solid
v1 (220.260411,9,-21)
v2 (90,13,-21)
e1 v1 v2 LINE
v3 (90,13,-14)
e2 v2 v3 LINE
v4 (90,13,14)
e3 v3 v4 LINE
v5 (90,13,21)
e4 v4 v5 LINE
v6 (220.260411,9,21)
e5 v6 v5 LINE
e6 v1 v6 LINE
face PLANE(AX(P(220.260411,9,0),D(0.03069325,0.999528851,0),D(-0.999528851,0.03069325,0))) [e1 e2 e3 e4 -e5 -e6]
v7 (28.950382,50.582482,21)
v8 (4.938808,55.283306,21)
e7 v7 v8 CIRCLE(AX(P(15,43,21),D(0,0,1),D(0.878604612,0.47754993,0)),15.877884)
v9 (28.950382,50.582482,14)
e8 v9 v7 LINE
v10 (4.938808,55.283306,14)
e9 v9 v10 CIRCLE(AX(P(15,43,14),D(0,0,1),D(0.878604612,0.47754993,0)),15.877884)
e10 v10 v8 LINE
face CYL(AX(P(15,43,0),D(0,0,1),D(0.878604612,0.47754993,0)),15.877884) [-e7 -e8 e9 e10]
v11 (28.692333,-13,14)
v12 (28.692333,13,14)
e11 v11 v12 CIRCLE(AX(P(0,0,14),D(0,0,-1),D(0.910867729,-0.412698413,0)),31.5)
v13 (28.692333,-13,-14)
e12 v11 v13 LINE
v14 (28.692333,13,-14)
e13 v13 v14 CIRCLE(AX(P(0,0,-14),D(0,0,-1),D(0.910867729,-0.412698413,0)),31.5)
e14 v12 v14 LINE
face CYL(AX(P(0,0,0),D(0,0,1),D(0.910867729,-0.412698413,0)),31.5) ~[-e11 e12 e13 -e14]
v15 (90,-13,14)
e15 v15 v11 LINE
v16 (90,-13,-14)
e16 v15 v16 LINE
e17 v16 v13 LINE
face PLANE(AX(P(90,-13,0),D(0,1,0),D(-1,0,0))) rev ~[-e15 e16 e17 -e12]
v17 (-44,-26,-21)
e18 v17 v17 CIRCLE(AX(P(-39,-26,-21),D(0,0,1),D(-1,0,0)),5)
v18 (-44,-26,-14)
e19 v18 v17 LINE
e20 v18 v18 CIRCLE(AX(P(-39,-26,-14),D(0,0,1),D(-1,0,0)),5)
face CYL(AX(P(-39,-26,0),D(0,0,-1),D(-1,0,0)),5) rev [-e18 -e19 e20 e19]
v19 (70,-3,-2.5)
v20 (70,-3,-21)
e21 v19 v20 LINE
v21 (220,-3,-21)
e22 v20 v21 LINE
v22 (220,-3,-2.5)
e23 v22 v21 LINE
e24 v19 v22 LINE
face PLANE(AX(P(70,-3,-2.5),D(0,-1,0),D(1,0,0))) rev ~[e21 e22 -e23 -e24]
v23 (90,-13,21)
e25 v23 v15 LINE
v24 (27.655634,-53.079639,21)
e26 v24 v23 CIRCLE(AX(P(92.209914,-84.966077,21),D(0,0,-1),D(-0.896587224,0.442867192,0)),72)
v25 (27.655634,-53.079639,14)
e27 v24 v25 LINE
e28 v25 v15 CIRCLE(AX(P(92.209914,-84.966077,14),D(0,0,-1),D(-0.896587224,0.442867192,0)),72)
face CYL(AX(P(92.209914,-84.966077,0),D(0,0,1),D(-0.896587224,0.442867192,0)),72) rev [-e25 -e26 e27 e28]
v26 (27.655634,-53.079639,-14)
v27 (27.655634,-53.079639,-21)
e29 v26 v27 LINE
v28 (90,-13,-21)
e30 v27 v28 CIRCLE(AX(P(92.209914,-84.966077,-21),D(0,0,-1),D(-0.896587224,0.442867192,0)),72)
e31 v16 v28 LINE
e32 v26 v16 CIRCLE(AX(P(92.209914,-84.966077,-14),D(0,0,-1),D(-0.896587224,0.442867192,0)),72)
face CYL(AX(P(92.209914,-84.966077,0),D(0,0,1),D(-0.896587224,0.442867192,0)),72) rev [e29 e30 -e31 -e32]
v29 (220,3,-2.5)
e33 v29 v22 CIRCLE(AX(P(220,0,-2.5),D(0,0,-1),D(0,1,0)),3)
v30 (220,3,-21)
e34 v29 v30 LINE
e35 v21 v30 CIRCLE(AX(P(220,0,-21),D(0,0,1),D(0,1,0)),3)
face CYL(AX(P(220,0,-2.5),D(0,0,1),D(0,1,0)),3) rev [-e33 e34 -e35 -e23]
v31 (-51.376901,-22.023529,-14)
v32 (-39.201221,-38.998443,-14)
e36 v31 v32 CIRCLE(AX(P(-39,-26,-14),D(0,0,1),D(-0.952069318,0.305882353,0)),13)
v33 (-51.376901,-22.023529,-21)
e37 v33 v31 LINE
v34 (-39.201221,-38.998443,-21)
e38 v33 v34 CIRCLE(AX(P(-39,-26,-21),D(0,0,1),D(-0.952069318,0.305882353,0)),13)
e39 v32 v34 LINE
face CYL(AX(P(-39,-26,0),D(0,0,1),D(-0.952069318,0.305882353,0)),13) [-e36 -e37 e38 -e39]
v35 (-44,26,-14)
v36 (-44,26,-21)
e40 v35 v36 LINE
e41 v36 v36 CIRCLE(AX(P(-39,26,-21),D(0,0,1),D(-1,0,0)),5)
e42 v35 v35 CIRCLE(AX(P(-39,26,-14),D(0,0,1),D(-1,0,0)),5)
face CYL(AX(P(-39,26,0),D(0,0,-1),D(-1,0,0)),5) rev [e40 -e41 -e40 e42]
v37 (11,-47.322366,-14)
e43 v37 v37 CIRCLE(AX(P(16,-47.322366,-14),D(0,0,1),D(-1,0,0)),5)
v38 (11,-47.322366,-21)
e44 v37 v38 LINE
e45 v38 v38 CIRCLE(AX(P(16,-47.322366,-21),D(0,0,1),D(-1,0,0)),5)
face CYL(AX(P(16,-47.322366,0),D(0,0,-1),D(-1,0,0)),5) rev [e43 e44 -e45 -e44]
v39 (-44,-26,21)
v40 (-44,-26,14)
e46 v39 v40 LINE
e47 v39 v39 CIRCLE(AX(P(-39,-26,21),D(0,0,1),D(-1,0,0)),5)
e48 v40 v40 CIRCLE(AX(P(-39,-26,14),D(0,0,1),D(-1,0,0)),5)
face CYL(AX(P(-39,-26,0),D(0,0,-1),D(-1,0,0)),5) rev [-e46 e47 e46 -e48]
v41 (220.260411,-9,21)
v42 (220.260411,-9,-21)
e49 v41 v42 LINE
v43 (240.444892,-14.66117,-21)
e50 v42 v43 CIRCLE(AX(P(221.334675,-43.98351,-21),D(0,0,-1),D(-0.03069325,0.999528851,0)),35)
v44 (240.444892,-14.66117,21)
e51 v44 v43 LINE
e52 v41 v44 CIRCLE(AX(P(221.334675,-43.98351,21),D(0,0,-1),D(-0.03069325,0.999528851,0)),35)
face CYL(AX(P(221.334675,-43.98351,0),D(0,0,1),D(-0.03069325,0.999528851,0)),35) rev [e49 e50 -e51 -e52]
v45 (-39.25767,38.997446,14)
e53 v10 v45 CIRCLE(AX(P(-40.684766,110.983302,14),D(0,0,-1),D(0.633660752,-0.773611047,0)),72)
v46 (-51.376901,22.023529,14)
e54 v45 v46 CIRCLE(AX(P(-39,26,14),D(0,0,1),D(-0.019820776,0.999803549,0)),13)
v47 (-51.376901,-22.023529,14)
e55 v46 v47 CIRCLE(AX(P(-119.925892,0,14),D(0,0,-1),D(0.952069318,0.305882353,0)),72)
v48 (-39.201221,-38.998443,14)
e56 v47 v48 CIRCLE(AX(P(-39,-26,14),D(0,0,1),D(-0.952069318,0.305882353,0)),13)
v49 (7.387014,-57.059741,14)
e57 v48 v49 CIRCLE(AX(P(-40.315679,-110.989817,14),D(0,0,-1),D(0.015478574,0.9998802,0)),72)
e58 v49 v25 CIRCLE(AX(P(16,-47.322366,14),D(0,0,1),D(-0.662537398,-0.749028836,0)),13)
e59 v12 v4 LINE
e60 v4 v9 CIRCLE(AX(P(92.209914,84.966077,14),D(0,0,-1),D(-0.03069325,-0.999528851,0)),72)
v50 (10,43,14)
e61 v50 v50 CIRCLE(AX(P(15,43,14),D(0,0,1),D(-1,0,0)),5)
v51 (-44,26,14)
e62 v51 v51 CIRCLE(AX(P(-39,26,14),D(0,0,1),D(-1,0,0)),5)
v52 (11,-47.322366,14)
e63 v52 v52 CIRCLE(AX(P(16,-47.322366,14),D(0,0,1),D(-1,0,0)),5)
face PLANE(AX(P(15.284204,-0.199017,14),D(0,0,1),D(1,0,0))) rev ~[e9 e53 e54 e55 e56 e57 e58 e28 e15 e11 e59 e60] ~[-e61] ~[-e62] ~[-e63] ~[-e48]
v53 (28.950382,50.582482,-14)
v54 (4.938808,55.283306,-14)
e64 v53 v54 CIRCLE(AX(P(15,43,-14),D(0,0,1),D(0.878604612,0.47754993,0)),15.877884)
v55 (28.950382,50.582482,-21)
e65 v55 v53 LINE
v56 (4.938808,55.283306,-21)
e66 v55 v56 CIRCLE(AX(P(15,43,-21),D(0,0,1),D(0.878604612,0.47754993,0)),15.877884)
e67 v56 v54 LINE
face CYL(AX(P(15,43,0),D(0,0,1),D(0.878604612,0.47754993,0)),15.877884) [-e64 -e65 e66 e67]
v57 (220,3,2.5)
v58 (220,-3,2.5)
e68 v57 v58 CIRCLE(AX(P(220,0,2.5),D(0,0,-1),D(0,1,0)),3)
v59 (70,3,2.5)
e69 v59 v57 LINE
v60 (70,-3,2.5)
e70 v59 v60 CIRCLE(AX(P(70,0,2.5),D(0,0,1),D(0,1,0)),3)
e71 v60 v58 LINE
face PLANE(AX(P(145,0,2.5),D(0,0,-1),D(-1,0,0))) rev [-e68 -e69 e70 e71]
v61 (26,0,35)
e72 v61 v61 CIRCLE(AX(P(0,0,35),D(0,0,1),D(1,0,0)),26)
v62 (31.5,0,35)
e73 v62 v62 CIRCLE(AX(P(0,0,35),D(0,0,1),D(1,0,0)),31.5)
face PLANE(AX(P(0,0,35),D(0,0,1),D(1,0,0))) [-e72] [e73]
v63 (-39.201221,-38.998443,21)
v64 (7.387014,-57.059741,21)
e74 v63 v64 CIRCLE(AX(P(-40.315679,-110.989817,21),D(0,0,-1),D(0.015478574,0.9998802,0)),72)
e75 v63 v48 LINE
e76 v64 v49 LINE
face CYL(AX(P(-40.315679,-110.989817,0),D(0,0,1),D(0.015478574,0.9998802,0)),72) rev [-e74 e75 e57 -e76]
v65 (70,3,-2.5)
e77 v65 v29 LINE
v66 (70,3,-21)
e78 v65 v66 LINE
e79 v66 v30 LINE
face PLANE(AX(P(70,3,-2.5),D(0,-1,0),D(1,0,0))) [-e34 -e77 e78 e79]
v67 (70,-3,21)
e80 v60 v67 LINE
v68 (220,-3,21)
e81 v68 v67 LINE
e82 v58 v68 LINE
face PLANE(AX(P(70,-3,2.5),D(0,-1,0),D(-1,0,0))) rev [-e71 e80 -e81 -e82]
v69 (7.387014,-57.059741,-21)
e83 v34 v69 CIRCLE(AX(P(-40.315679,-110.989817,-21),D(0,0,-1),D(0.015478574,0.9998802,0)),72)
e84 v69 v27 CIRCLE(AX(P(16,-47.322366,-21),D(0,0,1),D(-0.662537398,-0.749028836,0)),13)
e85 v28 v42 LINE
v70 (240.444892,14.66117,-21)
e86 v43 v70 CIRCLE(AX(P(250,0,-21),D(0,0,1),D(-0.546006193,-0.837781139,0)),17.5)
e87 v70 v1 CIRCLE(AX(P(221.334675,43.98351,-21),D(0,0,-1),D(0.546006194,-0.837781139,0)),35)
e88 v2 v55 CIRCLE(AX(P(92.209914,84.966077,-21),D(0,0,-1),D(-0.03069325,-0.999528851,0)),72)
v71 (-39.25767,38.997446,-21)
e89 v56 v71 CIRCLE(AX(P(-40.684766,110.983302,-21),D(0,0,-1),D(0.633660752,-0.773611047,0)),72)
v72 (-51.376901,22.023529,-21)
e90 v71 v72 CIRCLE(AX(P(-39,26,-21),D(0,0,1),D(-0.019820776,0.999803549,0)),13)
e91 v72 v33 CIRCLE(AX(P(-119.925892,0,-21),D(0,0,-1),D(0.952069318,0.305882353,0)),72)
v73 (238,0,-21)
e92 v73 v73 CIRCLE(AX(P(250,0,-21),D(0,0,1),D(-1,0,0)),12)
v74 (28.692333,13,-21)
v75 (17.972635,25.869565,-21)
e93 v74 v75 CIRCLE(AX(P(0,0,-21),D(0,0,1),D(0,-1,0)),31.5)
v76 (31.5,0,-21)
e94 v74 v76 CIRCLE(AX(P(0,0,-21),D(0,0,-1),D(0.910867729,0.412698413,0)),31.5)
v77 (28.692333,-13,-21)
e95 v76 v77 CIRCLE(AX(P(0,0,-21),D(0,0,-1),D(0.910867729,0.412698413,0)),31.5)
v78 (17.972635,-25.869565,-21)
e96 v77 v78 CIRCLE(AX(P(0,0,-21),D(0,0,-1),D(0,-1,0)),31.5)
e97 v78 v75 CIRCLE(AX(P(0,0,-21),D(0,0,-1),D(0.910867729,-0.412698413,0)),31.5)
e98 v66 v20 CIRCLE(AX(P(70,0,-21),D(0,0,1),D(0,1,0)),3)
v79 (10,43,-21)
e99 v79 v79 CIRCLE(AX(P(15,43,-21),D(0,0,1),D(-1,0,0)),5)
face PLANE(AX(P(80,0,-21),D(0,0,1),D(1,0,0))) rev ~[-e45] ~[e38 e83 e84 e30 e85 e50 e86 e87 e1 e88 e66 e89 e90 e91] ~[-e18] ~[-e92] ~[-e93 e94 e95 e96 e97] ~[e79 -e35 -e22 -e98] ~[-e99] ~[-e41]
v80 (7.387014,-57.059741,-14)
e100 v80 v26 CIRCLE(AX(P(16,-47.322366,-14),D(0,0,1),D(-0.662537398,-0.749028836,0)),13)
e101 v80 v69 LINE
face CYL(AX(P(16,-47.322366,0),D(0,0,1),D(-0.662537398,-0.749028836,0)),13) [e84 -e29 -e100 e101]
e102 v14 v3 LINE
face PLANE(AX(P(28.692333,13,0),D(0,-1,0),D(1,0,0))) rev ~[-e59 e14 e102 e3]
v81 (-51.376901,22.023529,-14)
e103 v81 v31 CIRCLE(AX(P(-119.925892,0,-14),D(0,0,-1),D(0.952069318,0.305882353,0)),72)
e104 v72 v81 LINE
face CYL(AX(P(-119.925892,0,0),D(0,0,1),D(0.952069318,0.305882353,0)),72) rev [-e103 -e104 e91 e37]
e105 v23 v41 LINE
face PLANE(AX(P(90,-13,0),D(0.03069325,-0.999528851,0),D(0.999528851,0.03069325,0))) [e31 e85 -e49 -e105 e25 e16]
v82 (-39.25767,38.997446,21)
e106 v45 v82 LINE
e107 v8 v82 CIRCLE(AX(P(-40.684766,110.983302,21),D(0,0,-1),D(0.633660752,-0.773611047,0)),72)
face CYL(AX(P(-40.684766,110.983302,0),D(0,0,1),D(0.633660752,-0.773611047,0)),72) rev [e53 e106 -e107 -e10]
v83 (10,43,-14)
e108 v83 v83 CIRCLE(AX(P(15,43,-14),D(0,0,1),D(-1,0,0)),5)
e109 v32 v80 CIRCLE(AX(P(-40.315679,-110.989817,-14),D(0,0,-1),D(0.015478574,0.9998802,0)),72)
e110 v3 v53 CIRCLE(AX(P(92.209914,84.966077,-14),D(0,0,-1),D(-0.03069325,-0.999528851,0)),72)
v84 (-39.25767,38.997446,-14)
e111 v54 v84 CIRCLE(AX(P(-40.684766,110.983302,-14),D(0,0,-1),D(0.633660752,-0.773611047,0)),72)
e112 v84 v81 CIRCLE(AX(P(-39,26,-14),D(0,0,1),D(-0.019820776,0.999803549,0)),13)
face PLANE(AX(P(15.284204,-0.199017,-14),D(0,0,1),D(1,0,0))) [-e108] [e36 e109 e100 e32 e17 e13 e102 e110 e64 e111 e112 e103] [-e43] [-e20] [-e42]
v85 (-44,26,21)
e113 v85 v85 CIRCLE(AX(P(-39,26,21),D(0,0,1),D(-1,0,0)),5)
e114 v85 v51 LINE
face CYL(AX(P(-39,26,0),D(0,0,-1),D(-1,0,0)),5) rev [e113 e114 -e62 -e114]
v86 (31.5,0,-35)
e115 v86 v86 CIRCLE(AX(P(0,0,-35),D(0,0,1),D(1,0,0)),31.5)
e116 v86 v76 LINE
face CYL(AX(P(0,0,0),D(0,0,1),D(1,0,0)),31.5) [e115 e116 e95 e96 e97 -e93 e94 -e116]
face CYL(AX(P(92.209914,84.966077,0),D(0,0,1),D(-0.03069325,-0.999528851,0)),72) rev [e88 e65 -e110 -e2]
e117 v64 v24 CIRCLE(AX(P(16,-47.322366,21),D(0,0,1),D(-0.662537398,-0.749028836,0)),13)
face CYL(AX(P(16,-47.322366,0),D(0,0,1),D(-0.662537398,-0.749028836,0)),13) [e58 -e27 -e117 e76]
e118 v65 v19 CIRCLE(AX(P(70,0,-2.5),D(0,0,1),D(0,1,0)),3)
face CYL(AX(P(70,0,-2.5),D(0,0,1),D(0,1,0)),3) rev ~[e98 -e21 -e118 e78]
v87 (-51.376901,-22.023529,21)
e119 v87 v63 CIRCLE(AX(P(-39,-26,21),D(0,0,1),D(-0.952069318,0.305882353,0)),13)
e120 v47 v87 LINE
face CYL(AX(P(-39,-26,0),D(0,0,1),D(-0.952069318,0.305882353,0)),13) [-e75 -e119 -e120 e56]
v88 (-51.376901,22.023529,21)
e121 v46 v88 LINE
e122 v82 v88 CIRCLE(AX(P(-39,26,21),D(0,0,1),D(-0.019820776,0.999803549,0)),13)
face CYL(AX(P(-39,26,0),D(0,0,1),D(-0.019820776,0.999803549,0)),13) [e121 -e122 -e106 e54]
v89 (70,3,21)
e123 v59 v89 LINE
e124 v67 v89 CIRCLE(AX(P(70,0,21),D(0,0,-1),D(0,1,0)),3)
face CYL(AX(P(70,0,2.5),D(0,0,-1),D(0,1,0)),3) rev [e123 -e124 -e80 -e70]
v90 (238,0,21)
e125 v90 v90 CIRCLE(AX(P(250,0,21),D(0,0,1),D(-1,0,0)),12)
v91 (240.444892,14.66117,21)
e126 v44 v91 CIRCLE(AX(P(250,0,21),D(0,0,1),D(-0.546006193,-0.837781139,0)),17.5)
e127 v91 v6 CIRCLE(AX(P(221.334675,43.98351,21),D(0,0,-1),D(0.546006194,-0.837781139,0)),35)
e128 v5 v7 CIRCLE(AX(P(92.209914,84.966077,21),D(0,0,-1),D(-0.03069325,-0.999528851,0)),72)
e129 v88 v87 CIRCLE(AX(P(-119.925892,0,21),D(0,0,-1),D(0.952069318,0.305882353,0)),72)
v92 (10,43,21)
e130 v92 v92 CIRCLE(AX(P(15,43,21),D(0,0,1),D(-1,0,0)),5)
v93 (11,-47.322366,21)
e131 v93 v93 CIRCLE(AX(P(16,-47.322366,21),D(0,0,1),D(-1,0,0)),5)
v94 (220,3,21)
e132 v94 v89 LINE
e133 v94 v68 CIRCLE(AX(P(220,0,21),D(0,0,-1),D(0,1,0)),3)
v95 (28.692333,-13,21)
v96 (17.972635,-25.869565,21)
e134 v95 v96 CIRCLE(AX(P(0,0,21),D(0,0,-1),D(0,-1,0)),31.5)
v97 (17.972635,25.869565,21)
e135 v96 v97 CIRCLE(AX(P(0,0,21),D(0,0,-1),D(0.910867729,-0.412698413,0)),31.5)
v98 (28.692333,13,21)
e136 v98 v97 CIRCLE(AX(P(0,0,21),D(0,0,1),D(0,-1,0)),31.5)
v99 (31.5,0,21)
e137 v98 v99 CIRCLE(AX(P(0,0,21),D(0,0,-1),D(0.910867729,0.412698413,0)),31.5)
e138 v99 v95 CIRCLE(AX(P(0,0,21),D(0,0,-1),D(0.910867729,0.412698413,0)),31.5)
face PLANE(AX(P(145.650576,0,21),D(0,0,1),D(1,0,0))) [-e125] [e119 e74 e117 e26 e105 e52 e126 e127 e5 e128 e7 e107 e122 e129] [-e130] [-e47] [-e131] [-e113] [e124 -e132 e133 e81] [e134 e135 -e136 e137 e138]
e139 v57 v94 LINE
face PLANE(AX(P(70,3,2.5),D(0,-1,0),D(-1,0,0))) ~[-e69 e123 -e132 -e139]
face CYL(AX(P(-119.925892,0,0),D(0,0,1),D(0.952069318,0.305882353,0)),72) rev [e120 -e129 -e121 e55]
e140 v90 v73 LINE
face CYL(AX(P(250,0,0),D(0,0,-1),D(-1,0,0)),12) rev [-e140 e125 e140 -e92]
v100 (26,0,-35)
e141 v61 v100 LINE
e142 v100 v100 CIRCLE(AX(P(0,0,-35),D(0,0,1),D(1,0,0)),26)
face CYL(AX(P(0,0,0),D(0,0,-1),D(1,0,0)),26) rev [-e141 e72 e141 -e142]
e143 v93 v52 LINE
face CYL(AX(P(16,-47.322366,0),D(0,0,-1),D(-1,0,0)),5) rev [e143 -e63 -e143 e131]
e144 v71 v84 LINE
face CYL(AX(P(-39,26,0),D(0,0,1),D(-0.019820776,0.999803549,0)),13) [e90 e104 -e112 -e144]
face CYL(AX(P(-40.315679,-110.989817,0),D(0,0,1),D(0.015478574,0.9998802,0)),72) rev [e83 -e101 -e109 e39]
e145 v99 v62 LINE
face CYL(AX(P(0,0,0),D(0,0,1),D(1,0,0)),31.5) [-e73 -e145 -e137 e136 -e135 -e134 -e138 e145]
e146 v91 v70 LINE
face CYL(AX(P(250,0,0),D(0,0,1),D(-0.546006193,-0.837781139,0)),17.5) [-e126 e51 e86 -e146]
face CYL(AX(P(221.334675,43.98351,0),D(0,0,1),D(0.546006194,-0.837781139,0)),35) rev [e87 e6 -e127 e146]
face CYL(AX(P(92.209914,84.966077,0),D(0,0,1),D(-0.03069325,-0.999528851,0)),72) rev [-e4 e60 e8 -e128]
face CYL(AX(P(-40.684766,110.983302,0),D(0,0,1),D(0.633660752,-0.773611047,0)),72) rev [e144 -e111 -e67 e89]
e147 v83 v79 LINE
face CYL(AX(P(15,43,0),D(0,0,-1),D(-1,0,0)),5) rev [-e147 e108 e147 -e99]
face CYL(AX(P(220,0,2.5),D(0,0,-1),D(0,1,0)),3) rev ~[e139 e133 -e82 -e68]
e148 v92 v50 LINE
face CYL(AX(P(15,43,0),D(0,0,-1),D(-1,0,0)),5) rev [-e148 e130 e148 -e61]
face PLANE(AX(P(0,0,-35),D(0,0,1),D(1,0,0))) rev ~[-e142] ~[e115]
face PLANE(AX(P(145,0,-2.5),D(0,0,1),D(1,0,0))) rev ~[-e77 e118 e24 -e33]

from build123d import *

# Parameters (mm, degrees)
SKETCH1_R           = 31.5
SKETCH1_R_2         = 26
BOSS_EXTRUDE1_DEPTH = 35
SKETCH1_9_W         = 20
SKETCH1_9_H         = 6
SKETCH1_9_R         = 12
BOSS_EXTRUDE2_DEPTH = 21
BOSS_EXTRUDE4_START = -21
SKETCH1_13_W        = 20
SKETCH1_13_H        = 6
BOSS_EXTRUDE4_DEPTH = 42
FILLET1_R           = 72
CUT_EXTRUDE1_START  = -2.5
SKETCH1_10_W        = 150
SKETCH1_10_H        = 6
CUT_EXTRUDE1_DEPTH  = 270.112775841
SKETCH1_11_R        = 5
BOSS_EXTRUDE3_DEPTH = 21
SKETCH1_12_R        = 5
CUT_EXTRUDE2_DEPTH  = 14


with BuildPart() as part:
    # Sketch1 → Boss-Extrude1 (new, symmetric)
    with BuildSketch(Plane.XY):
        Circle(SKETCH1_R)
        Circle(SKETCH1_R_2, mode=Mode.SUBTRACT)
    extrude(amount=BOSS_EXTRUDE1_DEPTH, both=True)

    # Sketch1<9> → Boss-Extrude2 (add, symmetric)
    with BuildSketch(Plane.XY):
        with BuildLine():
            ThreePointArc((240.444891614, 14.661169931), (230.786453061, 10.283897205), (220.260411081, 9))
            Line((220.260411081, 9), (90, 13))
            Line((90, 13), (28.692333471, 13))
            ThreePointArc((28.692333471, 13), (31.5, 0), (28.692333471, -13))
            Line((28.692333471, -13), (90, -13))
            Line((90, -13), (220.260411081, -9))
            ThreePointArc((220.260411081, -9), (230.786453061, -10.283897205), (240.444891614, -14.661169931))
            ThreePointArc((240.444891614, -14.661169931), (267.5, 0), (240.444891614, 14.661169931))
        make_face()
        with Locations((80, 0)):
            Rectangle(SKETCH1_9_W, SKETCH1_9_H, mode=Mode.SUBTRACT)
        with Locations(Location((250, 0, 0), (0, 0, 180))):
            Circle(SKETCH1_9_R, mode=Mode.SUBTRACT)
    extrude(amount=BOSS_EXTRUDE2_DEPTH, both=True)

    # Sketch1<13> → Boss-Extrude4 (add)
    with BuildSketch(Plane.XY.offset(BOSS_EXTRUDE4_START)):
        with Locations((80, 0)):
            Rectangle(SKETCH1_13_W, SKETCH1_13_H)
    extrude(amount=BOSS_EXTRUDE4_DEPTH)

    # Fillet1
    fillet1_edges = [part.edges().sort_by_distance(p)[0] for p in [
        (28.692333471, 13, 0),
        (28.692333471, -13, 0),
    ]]
    fillet(fillet1_edges, radius=FILLET1_R)

    # Sketch1<10> → Cut-Extrude1 (cut, through all)
    with BuildSketch(Plane.XY.offset(CUT_EXTRUDE1_START)):
        with Locations((145, 0)):
            Rectangle(SKETCH1_10_W, SKETCH1_10_H)
        with BuildLine():
            ThreePointArc((220, 3), (223, 0), (220, -3))
            Line((220, -3), (220, 3))
        make_face()
        with BuildLine():
            Line((70, -3), (70, 3))
            ThreePointArc((70, 3), (67, 0), (70, -3))
        make_face()
    cut_extrude1 = extrude(amount=-CUT_EXTRUDE1_DEPTH, mode=Mode.SUBTRACT)

    # Mirror1: Cut-Extrude1 across plane
    add(cut_extrude1.mirror(Plane.XY), mode=Mode.SUBTRACT)

    # Sketch1<11> → Boss-Extrude3 (add, symmetric)
    with BuildSketch(Plane.XY):
        with BuildLine():
            Line((28.692333471, 13), (90, 13))
            ThreePointArc((90, 13), (54.465075477, 23.652725045), (28.950381961, 50.582482314))
            ThreePointArc((28.950381961, 50.582482314), (18.050555131, 58.582082925), (4.938808192, 55.283306326))
            ThreePointArc((4.938808192, 55.283306326), (-15.790013542, 43.424058768), (-39.257670087, 38.997446139))
            ThreePointArc((-39.257670087, 38.997446139), (-49.580007549, 33.5540347), (-51.376901133, 22.023529412))
            ThreePointArc((-51.376901133, 22.023529412), (-47.925892025, 0), (-51.376901133, -22.023529412))
            ThreePointArc((-51.376901133, -22.023529412), (-49.563579479, -33.576990734), (-39.201221462, -38.998442596))
            ThreePointArc((-39.201221462, -38.998442596), (-14.290092236, -43.85808942), (7.387013832, -57.059740797))
            ThreePointArc((7.387013832, -57.059740797), (18.504940725, -60.078747549), (27.655633909, -53.079639433))
            ThreePointArc((27.655633909, -53.079639433), (53.274598705, -24.401721259), (90, -13))
            Line((90, -13), (28.692333471, -13))
            ThreePointArc((28.692333471, -13), (-31.5, 0), (28.692333471, 13))
        make_face()
        with Locations(Location((16, -47.322365932, 0), (0, 0, 180))):
            Circle(SKETCH1_11_R, mode=Mode.SUBTRACT)
        with Locations(Location((-39, -26, 0), (0, 0, 180))):
            Circle(SKETCH1_11_R, mode=Mode.SUBTRACT)
        with Locations(Location((-39, 26, 0), (0, 0, 180))):
            Circle(SKETCH1_11_R, mode=Mode.SUBTRACT)
        with Locations(Location((15, 43, 0), (0, 0, 180))):
            Circle(SKETCH1_11_R, mode=Mode.SUBTRACT)
    extrude(amount=BOSS_EXTRUDE3_DEPTH, both=True)

    # Sketch1<12> → Cut-Extrude2 (cut, symmetric)
    with BuildSketch(Plane.XY):
        with BuildLine():
            Line((28.692333471, 13), (90, 13))
            ThreePointArc((90, 13), (54.465075477, 23.652725045), (28.950381961, 50.582482314))
            ThreePointArc((28.950381961, 50.582482314), (18.050555131, 58.582082925), (4.938808192, 55.283306326))
            ThreePointArc((4.938808192, 55.283306326), (-15.790013542, 43.424058768), (-39.257670087, 38.997446139))
            ThreePointArc((-39.257670087, 38.997446139), (-49.580007549, 33.5540347), (-51.376901133, 22.023529412))
            ThreePointArc((-51.376901133, 22.023529412), (-47.925892025, 0), (-51.376901133, -22.023529412))
            ThreePointArc((-51.376901133, -22.023529412), (-49.563579479, -33.576990734), (-39.201221462, -38.998442596))
            ThreePointArc((-39.201221462, -38.998442596), (-14.290092236, -43.85808942), (7.387013832, -57.059740797))
            ThreePointArc((7.387013832, -57.059740797), (18.504940725, -60.078747549), (27.655633909, -53.079639433))
            ThreePointArc((27.655633909, -53.079639433), (53.274598705, -24.401721259), (90, -13))
            Line((90, -13), (28.692333471, -13))
            ThreePointArc((28.692333471, -13), (-31.5, 0), (28.692333471, 13))
        make_face()
        with Locations(Location((16, -47.322365932, 0), (0, 0, 180))):
            Circle(SKETCH1_12_R, mode=Mode.SUBTRACT)
        with Locations(Location((-39, -26, 0), (0, 0, 180))):
            Circle(SKETCH1_12_R, mode=Mode.SUBTRACT)
        with Locations(Location((-39, 26, 0), (0, 0, 180))):
            Circle(SKETCH1_12_R, mode=Mode.SUBTRACT)
        with Locations(Location((15, 43, 0), (0, 0, 180))):
            Circle(SKETCH1_12_R, mode=Mode.SUBTRACT)
    extrude(amount=CUT_EXTRUDE2_DEPTH, both=True, mode=Mode.SUBTRACT)


solid = part.part
